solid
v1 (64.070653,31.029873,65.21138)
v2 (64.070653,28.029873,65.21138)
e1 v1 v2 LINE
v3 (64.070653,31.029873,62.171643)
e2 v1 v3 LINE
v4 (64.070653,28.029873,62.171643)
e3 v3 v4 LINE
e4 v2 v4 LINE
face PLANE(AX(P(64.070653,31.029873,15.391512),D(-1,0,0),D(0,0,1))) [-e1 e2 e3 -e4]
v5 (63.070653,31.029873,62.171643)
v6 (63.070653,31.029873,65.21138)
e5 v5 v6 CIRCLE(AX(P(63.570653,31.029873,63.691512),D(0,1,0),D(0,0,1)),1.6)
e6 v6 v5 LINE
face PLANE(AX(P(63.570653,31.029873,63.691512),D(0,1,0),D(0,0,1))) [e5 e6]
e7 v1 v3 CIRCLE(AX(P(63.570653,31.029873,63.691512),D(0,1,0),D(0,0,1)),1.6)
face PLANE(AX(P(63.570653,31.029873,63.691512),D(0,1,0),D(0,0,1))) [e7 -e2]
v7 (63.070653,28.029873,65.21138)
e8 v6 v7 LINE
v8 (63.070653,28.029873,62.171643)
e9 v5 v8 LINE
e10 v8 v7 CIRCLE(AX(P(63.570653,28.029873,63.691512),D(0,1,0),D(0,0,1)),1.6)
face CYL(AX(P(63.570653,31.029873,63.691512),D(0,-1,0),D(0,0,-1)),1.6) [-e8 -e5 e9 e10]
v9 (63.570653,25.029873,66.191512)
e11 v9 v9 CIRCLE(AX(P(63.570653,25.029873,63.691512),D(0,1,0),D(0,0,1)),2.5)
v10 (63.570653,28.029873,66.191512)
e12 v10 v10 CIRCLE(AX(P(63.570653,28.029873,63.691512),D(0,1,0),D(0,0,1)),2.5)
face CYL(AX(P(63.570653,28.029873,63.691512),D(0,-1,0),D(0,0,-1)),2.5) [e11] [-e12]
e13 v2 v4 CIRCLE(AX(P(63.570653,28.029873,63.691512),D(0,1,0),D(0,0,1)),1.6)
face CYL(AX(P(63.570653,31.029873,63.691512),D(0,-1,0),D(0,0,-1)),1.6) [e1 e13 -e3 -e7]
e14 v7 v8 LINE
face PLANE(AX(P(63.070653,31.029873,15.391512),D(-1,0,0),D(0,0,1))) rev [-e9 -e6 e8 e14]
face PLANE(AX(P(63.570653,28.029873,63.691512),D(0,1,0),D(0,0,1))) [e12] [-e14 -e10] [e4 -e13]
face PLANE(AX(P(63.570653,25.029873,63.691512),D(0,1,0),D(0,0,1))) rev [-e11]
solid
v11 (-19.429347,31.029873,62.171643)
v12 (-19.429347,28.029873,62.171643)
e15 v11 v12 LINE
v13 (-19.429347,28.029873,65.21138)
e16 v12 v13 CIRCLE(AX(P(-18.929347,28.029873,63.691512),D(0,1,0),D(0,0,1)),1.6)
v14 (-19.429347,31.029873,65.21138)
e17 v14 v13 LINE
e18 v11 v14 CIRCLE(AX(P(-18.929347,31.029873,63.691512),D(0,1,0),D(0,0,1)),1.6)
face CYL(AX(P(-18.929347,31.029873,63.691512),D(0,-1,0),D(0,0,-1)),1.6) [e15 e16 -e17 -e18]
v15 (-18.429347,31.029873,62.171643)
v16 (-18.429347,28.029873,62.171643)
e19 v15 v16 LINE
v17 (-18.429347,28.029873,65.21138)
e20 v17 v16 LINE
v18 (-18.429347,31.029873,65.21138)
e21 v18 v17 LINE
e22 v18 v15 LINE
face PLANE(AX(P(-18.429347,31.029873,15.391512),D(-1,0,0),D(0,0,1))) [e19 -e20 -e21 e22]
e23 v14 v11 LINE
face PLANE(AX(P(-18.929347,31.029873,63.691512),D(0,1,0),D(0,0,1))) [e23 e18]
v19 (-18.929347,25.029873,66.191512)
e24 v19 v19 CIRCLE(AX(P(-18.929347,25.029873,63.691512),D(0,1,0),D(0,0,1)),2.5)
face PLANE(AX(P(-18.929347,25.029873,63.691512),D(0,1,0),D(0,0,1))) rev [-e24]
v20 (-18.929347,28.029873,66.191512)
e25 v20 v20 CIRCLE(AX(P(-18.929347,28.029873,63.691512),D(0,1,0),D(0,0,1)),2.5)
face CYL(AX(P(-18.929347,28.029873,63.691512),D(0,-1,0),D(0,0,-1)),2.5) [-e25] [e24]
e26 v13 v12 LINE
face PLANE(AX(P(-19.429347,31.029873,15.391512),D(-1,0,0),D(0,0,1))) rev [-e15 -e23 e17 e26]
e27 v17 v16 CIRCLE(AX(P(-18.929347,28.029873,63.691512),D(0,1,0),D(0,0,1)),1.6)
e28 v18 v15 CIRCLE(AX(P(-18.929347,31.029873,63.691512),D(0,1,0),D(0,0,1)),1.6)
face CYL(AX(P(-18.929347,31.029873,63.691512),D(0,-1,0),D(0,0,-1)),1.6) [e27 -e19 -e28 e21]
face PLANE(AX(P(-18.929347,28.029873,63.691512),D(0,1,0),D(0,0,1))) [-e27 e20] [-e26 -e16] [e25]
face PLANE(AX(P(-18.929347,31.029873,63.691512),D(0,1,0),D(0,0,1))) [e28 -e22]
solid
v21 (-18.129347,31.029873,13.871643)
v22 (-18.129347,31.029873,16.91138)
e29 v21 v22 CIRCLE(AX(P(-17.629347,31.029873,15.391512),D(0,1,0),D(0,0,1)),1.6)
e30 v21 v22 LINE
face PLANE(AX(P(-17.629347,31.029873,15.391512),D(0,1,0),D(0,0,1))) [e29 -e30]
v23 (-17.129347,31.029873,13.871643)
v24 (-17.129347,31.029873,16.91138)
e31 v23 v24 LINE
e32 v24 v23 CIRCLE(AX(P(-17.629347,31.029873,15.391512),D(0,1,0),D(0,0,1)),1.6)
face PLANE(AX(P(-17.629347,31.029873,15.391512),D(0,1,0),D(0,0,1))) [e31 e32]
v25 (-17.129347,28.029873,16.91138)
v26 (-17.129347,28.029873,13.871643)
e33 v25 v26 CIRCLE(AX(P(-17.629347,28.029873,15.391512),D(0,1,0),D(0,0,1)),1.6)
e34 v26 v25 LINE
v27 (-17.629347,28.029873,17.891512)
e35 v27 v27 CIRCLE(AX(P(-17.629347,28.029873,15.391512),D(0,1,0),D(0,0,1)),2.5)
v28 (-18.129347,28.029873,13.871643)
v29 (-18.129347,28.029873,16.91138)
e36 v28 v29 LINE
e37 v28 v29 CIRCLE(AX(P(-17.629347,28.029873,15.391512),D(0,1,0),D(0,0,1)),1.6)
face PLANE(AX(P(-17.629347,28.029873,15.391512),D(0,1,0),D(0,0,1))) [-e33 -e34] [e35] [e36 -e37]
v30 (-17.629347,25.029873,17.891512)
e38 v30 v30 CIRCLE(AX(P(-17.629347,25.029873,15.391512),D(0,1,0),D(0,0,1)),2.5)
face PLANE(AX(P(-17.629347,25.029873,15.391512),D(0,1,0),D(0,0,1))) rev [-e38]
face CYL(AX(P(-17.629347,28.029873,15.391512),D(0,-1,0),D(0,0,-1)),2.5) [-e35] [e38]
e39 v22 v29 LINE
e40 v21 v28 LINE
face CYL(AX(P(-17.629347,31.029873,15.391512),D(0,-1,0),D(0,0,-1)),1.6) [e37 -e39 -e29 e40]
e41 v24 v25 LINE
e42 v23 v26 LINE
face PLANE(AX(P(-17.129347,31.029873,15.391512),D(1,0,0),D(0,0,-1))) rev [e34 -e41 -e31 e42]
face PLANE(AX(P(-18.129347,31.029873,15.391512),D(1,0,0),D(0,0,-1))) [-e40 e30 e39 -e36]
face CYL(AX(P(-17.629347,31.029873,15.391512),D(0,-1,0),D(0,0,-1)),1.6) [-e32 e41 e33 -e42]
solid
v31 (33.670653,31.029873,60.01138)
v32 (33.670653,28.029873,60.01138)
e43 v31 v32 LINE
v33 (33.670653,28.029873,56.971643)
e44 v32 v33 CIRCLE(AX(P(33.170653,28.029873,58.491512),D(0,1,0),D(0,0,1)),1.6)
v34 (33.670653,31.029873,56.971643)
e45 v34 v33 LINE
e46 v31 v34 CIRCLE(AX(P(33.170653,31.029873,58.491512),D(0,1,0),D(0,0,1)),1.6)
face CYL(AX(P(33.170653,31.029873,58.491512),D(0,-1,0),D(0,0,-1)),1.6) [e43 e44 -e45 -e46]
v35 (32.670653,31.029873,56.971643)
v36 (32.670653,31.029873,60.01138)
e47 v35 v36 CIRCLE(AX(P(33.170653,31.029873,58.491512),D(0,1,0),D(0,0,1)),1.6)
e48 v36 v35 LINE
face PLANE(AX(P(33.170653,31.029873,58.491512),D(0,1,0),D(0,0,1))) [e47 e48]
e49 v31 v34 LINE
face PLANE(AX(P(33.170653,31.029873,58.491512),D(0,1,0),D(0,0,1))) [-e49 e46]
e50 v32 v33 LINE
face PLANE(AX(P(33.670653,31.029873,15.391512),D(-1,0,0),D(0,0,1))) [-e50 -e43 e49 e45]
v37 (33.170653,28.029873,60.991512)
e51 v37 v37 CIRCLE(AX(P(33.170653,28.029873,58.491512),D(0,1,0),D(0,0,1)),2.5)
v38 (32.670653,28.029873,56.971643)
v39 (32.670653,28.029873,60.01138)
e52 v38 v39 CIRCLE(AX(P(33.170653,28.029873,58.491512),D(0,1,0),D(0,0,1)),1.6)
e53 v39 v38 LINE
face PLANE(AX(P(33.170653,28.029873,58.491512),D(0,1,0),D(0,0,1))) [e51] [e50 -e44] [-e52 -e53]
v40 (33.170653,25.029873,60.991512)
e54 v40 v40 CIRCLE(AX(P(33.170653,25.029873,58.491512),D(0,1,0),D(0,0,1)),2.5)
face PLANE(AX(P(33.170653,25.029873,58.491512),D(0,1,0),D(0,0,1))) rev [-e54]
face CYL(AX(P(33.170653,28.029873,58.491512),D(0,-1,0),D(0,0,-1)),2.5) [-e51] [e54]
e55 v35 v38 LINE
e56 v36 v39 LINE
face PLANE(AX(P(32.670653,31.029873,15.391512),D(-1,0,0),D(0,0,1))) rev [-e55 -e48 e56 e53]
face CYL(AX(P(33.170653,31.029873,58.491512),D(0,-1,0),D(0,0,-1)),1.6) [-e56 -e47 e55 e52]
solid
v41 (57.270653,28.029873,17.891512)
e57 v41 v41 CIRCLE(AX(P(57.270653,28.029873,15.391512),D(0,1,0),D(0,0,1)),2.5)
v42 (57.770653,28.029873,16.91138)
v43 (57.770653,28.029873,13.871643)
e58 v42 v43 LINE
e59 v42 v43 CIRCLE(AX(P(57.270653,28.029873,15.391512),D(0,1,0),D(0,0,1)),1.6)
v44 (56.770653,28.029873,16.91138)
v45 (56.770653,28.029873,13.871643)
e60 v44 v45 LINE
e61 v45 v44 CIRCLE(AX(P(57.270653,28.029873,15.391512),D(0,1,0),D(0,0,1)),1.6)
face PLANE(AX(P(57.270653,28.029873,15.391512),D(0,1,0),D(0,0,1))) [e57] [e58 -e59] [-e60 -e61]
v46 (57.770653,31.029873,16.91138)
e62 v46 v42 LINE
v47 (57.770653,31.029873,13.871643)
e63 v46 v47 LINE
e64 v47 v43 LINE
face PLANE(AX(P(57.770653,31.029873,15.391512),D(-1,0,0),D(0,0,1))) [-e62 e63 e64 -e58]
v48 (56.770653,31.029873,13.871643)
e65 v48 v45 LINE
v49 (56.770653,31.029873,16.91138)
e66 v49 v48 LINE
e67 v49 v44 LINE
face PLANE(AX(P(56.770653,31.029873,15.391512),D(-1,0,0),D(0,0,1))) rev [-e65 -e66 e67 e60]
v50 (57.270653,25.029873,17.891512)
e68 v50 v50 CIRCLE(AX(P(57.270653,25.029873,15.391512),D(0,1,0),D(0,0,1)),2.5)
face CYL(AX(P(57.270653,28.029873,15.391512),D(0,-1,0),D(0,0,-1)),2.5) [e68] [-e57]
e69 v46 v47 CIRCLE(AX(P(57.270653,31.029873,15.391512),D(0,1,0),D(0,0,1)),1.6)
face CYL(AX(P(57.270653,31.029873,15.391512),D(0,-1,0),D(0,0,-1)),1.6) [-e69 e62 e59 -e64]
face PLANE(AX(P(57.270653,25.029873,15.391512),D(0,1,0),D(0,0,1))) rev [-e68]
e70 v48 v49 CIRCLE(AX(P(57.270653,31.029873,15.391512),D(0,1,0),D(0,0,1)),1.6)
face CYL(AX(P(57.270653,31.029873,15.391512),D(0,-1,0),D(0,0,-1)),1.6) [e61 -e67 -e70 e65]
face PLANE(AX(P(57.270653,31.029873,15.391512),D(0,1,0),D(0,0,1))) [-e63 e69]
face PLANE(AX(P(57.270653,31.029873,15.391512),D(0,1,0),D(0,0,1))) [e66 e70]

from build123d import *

# Parameters (mm, degrees)
SKETCH3_R             = 2.5
BOSS_EXTRUDE2_DEPTH   = 3
BOSS_EXTRUDE2_2_DEPTH = 3
BOSS_EXTRUDE2_3_DEPTH = 3
BOSS_EXTRUDE2_4_DEPTH = 3
BOSS_EXTRUDE2_5_DEPTH = 3
BOSS_EXTRUDE1_START   = 3
BOSS_EXTRUDE1_DEPTH   = 3


with BuildPart() as part:
    # Sketch3 → Boss-Extrude2 (new body)
    with BuildSketch(Plane(origin=(0, 25.029873021, 0), x_dir=(1, 0, 0), z_dir=(0, 1, 0))):
        with Locations(Location((-17.62934747, -15.391511653, 0), (0, 0, 270))):
            Circle(SKETCH3_R)
    extrude(amount=BOSS_EXTRUDE2_DEPTH)



with BuildPart() as body_2:
    # Sketch3 → Boss-Extrude2 2 (new body)
    with BuildSketch(Plane(origin=(0, 25.029873021, 0), x_dir=(1, 0, 0), z_dir=(0, 1, 0))):
        with Locations(Location((57.27065253, -15.391511653, 0), (0, 0, 270))):
            Circle(SKETCH3_R)
    extrude(amount=BOSS_EXTRUDE2_2_DEPTH)


with BuildPart() as body_3:
    # Sketch3 → Boss-Extrude2 3 (new body)
    with BuildSketch(Plane(origin=(0, 25.029873021, 0), x_dir=(1, 0, 0), z_dir=(0, 1, 0))):
        with Locations(Location((63.57065253, -63.691511653, 0), (0, 0, 270))):
            Circle(SKETCH3_R)
    extrude(amount=BOSS_EXTRUDE2_3_DEPTH)


with BuildPart() as body_4:
    # Sketch3 → Boss-Extrude2 4 (new body)
    with BuildSketch(Plane(origin=(0, 25.029873021, 0), x_dir=(1, 0, 0), z_dir=(0, 1, 0))):
        with Locations(Location((33.17065253, -58.491511653, 0), (0, 0, 270))):
            Circle(SKETCH3_R)
    extrude(amount=BOSS_EXTRUDE2_4_DEPTH)


with BuildPart() as body_5:
    # Sketch3 → Boss-Extrude2 5 (new body)
    with BuildSketch(Plane(origin=(0, 25.029873021, 0), x_dir=(1, 0, 0), z_dir=(0, 1, 0))):
        with Locations(Location((-18.92934747, -63.691511653, 0), (0, 0, 270))):
            Circle(SKETCH3_R)
    extrude(amount=BOSS_EXTRUDE2_5_DEPTH)


with BuildPart() as part_1:
    add(part.part)

    add(body_2.part)  # Boss-Extrude1 merges body 2

    add(body_3.part)  # Boss-Extrude1 merges body 3

    add(body_4.part)  # Boss-Extrude1 merges body 4

    add(body_5.part)  # Boss-Extrude1 merges body 5
    # Sketch1 → Boss-Extrude1 (add)
    with BuildSketch(Plane(origin=(0, 25.029873021, 0), x_dir=(1, 0, 0), z_dir=(0, 1, 0)).offset(BOSS_EXTRUDE1_START)):
        with BuildLine():
            Line((-17.12934747, -13.871643238), (-17.12934747, -16.911380069))
            ThreePointArc((-17.12934747, -16.911380069), (-16.33319933, -16.329594805), (-16.02934747, -15.391511653))
            ThreePointArc((-16.02934747, -15.391511653), (-16.33319933, -14.453428501), (-17.12934747, -13.871643238))
        make_face()
        with BuildLine():
            ThreePointArc((-18.12934747, -13.871643238), (-19.22934747, -15.391511653), (-18.12934747, -16.911380069))
            Line((-18.12934747, -16.911380069), (-18.12934747, -13.871643238))
        make_face()
        with BuildLine():
            ThreePointArc((65.17065253, -63.691511653), (64.86680067, -62.753428501), (64.07065253, -62.171643238))
            Line((64.07065253, -62.171643238), (64.07065253, -65.211380069))
            ThreePointArc((64.07065253, -65.211380069), (64.86680067, -64.629594805), (65.17065253, -63.691511653))
        make_face()
        with BuildLine():
            Line((63.07065253, -65.211380069), (63.07065253, -62.171643238))
            ThreePointArc((63.07065253, -62.171643238), (61.97065253, -63.691511653), (63.07065253, -65.211380069))
        make_face()
        with BuildLine():
            ThreePointArc((34.77065253, -58.491511653), (34.46680067, -57.553428501), (33.67065253, -56.971643238))
            Line((33.67065253, -56.971643238), (33.67065253, -60.011380069))
            ThreePointArc((33.67065253, -60.011380069), (34.46680067, -59.429594805), (34.77065253, -58.491511653))
        make_face()
        with BuildLine():
            Line((32.67065253, -60.011380069), (32.67065253, -56.971643238))
            ThreePointArc((32.67065253, -56.971643238), (31.57065253, -58.491511653), (32.67065253, -60.011380069))
        make_face()
        with BuildLine():
            ThreePointArc((-17.32934747, -63.691511653), (-17.63319933, -62.753428501), (-18.42934747, -62.171643238))
            Line((-18.42934747, -62.171643238), (-18.42934747, -65.211380069))
            ThreePointArc((-18.42934747, -65.211380069), (-17.63319933, -64.629594805), (-17.32934747, -63.691511653))
        make_face()
        with BuildLine():
            Line((-19.42934747, -65.211380069), (-19.42934747, -62.171643238))
            ThreePointArc((-19.42934747, -62.171643238), (-20.52934747, -63.691511653), (-19.42934747, -65.211380069))
        make_face()
        with BuildLine():
            ThreePointArc((58.87065253, -15.391511653), (58.56680067, -14.453428501), (57.77065253, -13.871643238))
            Line((57.77065253, -13.871643238), (57.77065253, -16.911380069))
            ThreePointArc((57.77065253, -16.911380069), (58.56680067, -16.329594805), (58.87065253, -15.391511653))
        make_face()
        with BuildLine():
            Line((56.77065253, -16.911380069), (56.77065253, -13.871643238))
            ThreePointArc((56.77065253, -13.871643238), (55.67065253, -15.391511653), (56.77065253, -16.911380069))
        make_face()
    extrude(amount=BOSS_EXTRUDE1_DEPTH)


solid = part_1.part
